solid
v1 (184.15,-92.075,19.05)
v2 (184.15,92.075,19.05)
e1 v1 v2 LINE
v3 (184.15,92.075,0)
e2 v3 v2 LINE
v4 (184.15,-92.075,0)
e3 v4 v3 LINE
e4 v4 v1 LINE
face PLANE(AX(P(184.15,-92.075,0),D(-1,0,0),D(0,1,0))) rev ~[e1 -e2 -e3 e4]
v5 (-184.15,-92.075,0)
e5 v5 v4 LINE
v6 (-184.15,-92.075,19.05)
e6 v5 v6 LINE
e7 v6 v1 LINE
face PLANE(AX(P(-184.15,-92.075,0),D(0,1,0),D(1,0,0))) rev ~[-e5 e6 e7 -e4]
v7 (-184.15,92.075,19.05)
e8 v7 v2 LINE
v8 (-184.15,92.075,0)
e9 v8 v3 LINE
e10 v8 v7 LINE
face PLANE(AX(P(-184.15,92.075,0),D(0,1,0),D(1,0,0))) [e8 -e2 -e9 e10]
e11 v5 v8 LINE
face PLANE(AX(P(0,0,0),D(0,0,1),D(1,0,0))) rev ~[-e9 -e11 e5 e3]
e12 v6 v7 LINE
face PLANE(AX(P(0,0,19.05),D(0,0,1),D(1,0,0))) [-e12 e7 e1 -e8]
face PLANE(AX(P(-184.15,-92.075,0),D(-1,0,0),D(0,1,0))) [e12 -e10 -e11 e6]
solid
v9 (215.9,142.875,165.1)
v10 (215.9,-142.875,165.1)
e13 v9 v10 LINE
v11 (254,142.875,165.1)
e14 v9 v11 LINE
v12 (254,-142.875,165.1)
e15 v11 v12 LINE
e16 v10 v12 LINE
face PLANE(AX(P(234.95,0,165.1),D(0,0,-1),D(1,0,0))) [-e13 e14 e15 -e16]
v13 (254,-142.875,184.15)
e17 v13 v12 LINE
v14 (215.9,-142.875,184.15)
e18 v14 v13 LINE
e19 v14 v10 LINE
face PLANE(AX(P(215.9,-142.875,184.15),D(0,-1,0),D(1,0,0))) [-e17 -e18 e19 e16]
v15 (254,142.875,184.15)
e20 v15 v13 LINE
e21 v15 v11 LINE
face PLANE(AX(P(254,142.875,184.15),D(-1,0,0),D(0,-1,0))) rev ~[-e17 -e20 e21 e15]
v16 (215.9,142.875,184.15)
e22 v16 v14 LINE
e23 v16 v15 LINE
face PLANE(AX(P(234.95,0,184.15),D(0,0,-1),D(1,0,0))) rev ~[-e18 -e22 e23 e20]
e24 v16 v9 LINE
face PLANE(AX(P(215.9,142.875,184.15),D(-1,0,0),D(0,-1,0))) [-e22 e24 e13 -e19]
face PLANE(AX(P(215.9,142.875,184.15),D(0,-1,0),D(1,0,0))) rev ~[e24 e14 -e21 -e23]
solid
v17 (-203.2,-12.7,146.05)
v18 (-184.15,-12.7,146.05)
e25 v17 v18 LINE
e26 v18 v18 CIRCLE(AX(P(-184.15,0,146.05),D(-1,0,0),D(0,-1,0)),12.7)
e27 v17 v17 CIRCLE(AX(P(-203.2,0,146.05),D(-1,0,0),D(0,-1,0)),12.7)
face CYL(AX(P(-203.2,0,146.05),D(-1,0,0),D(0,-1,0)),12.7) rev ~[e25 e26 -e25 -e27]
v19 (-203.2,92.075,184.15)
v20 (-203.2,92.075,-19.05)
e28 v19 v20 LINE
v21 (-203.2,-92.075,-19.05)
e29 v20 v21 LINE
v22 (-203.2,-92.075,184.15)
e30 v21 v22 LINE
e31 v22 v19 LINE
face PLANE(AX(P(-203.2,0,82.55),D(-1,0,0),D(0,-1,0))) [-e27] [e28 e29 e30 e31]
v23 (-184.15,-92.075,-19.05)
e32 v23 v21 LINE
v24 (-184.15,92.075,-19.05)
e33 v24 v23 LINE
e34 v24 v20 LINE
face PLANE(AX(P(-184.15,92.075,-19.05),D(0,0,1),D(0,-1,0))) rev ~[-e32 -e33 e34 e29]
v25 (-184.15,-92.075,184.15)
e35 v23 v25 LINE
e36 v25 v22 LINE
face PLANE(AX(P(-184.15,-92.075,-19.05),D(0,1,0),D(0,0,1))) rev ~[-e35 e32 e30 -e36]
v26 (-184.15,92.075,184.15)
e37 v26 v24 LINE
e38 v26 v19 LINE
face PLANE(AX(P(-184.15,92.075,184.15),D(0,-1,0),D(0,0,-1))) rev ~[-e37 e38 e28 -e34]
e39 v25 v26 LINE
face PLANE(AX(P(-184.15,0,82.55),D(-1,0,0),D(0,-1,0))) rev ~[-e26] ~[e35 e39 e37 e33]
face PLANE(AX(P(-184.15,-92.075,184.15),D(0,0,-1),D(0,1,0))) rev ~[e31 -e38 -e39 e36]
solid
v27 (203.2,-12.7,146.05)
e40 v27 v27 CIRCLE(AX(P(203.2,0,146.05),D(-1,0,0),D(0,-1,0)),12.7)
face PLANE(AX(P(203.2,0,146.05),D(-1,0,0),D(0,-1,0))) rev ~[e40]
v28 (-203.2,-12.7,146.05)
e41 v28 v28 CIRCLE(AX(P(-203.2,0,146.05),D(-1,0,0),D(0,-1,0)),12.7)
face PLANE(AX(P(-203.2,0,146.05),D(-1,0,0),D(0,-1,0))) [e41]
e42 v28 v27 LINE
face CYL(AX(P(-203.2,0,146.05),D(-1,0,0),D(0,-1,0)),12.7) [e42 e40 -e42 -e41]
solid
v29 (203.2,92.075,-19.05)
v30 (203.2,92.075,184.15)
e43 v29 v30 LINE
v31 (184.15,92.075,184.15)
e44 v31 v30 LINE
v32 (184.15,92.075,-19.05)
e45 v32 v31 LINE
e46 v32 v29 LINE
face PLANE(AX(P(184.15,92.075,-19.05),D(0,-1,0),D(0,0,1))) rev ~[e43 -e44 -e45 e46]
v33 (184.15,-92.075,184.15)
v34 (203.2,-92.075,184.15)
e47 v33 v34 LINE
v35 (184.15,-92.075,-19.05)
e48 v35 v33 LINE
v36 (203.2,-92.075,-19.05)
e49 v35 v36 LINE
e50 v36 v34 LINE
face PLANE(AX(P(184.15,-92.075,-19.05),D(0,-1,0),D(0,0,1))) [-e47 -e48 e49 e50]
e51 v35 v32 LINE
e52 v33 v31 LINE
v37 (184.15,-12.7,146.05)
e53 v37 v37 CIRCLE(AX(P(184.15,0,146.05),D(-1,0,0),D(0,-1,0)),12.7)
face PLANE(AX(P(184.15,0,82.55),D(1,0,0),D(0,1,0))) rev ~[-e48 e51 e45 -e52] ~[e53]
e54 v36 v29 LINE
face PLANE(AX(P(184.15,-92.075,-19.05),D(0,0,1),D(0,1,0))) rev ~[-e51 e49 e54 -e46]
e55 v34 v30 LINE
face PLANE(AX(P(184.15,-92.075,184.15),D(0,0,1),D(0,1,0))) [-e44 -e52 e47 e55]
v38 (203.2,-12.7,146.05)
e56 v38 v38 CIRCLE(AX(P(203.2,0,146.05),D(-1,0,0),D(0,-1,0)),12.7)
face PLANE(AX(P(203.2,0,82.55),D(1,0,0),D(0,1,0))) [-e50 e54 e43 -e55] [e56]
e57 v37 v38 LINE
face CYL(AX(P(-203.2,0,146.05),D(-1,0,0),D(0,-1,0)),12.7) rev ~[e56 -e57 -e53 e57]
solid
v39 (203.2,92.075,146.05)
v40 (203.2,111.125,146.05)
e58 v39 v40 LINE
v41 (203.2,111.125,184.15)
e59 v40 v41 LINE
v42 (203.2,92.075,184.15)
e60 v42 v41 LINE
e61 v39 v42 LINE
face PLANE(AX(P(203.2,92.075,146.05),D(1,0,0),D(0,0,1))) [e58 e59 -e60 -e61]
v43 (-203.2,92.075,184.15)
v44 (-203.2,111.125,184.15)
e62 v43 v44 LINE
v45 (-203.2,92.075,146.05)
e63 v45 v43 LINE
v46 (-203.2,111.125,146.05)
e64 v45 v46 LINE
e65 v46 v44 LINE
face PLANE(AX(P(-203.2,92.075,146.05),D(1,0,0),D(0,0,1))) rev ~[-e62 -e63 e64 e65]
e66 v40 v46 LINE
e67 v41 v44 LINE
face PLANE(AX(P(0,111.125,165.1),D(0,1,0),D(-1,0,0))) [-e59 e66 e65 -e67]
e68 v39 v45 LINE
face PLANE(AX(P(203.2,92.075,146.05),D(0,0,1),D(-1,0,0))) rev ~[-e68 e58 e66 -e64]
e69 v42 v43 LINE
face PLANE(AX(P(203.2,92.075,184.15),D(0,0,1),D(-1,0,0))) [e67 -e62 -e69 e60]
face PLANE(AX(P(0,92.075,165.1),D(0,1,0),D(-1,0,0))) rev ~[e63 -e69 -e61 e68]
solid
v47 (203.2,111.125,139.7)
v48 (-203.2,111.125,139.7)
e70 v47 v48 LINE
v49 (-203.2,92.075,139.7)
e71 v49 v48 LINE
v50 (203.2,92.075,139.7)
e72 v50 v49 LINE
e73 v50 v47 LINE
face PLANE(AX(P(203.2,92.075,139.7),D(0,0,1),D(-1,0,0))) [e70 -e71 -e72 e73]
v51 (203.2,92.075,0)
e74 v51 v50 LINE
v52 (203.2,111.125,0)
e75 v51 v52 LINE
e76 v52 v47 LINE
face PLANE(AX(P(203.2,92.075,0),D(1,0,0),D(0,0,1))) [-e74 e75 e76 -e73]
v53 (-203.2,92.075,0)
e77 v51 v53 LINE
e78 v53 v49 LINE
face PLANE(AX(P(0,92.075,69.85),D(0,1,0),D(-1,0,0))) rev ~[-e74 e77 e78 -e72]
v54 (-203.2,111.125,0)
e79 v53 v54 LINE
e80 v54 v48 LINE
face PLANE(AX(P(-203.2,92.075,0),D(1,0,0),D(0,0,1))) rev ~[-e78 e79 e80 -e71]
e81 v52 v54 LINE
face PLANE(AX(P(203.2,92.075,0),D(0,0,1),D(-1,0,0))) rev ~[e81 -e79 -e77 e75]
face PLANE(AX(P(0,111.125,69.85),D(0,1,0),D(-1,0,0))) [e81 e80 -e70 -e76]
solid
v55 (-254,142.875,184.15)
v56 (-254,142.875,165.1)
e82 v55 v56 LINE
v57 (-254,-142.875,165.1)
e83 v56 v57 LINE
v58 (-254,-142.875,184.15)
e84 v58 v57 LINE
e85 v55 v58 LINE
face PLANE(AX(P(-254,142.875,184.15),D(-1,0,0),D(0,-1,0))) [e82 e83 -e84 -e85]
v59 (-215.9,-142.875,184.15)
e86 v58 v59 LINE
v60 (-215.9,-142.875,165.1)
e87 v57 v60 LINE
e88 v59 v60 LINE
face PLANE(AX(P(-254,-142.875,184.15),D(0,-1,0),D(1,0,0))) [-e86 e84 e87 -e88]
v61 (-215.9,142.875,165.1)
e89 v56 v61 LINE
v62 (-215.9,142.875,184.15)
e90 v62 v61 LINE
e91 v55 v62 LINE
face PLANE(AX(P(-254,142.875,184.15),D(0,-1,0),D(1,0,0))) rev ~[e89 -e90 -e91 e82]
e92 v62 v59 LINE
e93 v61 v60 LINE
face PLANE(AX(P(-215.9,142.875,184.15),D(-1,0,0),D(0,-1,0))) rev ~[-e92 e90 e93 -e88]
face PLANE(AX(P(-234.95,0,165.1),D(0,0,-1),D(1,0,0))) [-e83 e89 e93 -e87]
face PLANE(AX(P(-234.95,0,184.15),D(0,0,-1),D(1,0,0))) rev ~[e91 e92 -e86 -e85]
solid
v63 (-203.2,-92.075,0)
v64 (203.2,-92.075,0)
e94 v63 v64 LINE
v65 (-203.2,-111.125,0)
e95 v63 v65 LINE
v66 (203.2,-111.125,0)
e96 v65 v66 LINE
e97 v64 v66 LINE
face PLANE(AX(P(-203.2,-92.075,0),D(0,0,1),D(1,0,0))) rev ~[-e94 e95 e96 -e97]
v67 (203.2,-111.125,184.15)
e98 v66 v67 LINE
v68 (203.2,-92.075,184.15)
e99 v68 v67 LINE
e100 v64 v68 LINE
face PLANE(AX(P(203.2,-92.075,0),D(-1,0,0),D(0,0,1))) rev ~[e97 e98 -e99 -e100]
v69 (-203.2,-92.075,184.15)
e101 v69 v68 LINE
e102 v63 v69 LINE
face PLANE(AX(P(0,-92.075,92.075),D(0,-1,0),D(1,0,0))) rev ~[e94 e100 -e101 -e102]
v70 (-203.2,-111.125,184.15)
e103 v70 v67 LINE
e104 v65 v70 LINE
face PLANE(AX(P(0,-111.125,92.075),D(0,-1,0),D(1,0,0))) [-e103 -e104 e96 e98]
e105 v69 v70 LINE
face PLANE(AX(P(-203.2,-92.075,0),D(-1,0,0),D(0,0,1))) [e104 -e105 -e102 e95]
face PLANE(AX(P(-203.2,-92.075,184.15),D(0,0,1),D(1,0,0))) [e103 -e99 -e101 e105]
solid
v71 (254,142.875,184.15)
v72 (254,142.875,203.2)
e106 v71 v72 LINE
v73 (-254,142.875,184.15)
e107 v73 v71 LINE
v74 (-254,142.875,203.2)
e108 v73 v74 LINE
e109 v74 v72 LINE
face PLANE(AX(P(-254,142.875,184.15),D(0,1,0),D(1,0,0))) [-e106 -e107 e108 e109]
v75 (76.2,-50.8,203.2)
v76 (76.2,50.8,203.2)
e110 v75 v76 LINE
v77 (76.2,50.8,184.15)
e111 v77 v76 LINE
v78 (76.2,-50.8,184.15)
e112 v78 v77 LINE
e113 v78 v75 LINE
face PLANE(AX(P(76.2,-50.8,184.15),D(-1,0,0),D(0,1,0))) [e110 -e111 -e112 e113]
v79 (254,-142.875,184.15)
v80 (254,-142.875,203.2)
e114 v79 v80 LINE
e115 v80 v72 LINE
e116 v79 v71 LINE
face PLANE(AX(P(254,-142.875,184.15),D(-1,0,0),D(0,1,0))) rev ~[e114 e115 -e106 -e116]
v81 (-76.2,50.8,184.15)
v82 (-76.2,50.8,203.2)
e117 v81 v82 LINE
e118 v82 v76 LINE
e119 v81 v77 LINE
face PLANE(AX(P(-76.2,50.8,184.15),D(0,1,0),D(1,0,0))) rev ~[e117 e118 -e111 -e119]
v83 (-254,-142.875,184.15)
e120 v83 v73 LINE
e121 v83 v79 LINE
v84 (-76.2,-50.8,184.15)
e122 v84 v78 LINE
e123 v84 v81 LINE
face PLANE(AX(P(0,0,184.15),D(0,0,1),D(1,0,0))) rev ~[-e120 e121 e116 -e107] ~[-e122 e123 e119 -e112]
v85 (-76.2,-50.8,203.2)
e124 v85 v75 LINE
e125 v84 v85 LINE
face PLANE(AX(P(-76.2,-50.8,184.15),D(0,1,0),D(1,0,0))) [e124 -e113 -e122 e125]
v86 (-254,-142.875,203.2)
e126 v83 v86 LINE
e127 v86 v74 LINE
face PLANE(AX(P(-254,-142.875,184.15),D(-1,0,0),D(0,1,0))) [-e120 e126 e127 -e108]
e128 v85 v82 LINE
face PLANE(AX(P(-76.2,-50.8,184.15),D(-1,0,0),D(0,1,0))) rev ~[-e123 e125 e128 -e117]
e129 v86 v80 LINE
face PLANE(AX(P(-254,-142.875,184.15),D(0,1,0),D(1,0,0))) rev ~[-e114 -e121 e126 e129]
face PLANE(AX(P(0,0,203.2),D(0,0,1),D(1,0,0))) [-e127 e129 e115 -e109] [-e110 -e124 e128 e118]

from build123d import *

# Parameters (mm, degrees)
F0_W      = 368.3
F0_H      = 184.15
F1_DEPTH  = 19.05
F2_W      = 184.15
F2_H      = 203.2
F3_DEPTH  = 19.05
F5_DEPTH  = 19.05
F6_R      = 12.7
F7_DEPTH  = 406.401
F8_R      = 12.7
F9_DEPTH  = 406.4
F10_W     = 406.4
F10_H     = 139.7
F11_DEPTH = 19.05
F12_W     = 406.4
F12_H     = 184.15
F13_DEPTH = 19.05
F14_W     = 508
F14_H     = 285.75
F14_W_2   = 152.4
F14_H_2   = 101.6
F15_DEPTH = 19.05
F16_W     = 38.1
F16_H     = 285.75
F17_DEPTH = 19.05
F18_W     = 406.4
F18_H     = 38.1
F19_DEPTH = 19.05


with BuildPart() as f1:
    # F0 (on Top) → F1 (new body)
    with BuildSketch(Plane.XY):
        Rectangle(F0_W, F0_H)
    extrude(amount=F1_DEPTH)


with BuildPart() as f3:
    # F2 (on face) → F3 (new body)
    with BuildSketch(Plane.YZ.offset(184.15)):
        with Locations((0, 82.55)):
            Rectangle(F2_W, F2_H)
    extrude(amount=F3_DEPTH)


with BuildPart() as f5:
    # F4 (on face) → F5 (new body)
    with BuildSketch(Plane(origin=(-184.15, 0, 0), x_dir=(0, -1, 0), z_dir=(-1, 0, 0))):
        Polygon((92.075, -19.05), (92.075, 184.15), (-92.075, 184.15), (-92.075, -19.05), (0, -19.05), align=None)
    extrude(amount=F5_DEPTH)


with BuildPart() as f7_tool:
    # F6 (on face) → F7 (new body, through all)
    with BuildSketch(Plane(origin=(-203.2, 0, 0), x_dir=(0, -1, 0), z_dir=(-1, 0, 0))):
        with Locations((0, 146.05)):
            Circle(F6_R)
    extrude(amount=-F7_DEPTH)


with BuildPart() as f3_1:
    add(f3.part)

    # F7: cut by f7_tool
    add(f7_tool.part, mode=Mode.SUBTRACT)


with BuildPart() as f5_1:
    add(f5.part)

    # F7: cut by f7_tool
    add(f7_tool.part, mode=Mode.SUBTRACT)


with BuildPart() as f9:
    # F8 (on face) → F9 (new body, through all)
    with BuildSketch(Plane(origin=(-203.2, 0, 0), x_dir=(0, -1, 0), z_dir=(-1, 0, 0))):
        with Locations((0, 146.05)):
            Circle(F8_R)
    extrude(amount=-F9_DEPTH)


with BuildPart() as f11:
    # F10 (on face) → F11 (new body)
    with BuildSketch(Plane(origin=(0, 92.075, 0), x_dir=(-1, 0, 0), z_dir=(0, 1, 0))):
        with Locations((0, 69.85)):
            Rectangle(F10_W, F10_H)
    extrude(amount=F11_DEPTH)


with BuildPart() as f13:
    # F12 (on face) → F13 (new body)
    with BuildSketch(Plane.XZ.offset(92.075)):
        with Locations((0, 92.075)):
            Rectangle(F12_W, F12_H)
    extrude(amount=F13_DEPTH)


with BuildPart() as f15:
    # F14 (on face) → F15 (new body)
    with BuildSketch(Plane.XY.offset(184.15)):
        Rectangle(F14_W, F14_H)
        Rectangle(F14_W_2, F14_H_2, mode=Mode.SUBTRACT)
    extrude(amount=F15_DEPTH)


with BuildPart() as f17:
    # F16 (on face) → F17 (new body)
    with BuildSketch(Plane(origin=(0, 0, 184.15), x_dir=(1, 0, 0), z_dir=(0, 0, -1))):
        with Locations((-234.95, 0)):
            Rectangle(F16_W, F16_H)
        with Locations((234.95, 0)):
            Rectangle(F16_W, F16_H)
    extrude(amount=F17_DEPTH)


with BuildPart() as f19:
    # F18 (on face) → F19 (new body)
    with BuildSketch(Plane(origin=(0, 92.075, 0), x_dir=(-1, 0, 0), z_dir=(0, 1, 0))):
        with Locations((0, 165.1)):
            Rectangle(F18_W, F18_H)
    extrude(amount=F19_DEPTH)


solid = Compound([f1.part, f3_1.part, f5_1.part, f9.part, f11.part, f13.part, f15.part, f17.part, f19.part])
